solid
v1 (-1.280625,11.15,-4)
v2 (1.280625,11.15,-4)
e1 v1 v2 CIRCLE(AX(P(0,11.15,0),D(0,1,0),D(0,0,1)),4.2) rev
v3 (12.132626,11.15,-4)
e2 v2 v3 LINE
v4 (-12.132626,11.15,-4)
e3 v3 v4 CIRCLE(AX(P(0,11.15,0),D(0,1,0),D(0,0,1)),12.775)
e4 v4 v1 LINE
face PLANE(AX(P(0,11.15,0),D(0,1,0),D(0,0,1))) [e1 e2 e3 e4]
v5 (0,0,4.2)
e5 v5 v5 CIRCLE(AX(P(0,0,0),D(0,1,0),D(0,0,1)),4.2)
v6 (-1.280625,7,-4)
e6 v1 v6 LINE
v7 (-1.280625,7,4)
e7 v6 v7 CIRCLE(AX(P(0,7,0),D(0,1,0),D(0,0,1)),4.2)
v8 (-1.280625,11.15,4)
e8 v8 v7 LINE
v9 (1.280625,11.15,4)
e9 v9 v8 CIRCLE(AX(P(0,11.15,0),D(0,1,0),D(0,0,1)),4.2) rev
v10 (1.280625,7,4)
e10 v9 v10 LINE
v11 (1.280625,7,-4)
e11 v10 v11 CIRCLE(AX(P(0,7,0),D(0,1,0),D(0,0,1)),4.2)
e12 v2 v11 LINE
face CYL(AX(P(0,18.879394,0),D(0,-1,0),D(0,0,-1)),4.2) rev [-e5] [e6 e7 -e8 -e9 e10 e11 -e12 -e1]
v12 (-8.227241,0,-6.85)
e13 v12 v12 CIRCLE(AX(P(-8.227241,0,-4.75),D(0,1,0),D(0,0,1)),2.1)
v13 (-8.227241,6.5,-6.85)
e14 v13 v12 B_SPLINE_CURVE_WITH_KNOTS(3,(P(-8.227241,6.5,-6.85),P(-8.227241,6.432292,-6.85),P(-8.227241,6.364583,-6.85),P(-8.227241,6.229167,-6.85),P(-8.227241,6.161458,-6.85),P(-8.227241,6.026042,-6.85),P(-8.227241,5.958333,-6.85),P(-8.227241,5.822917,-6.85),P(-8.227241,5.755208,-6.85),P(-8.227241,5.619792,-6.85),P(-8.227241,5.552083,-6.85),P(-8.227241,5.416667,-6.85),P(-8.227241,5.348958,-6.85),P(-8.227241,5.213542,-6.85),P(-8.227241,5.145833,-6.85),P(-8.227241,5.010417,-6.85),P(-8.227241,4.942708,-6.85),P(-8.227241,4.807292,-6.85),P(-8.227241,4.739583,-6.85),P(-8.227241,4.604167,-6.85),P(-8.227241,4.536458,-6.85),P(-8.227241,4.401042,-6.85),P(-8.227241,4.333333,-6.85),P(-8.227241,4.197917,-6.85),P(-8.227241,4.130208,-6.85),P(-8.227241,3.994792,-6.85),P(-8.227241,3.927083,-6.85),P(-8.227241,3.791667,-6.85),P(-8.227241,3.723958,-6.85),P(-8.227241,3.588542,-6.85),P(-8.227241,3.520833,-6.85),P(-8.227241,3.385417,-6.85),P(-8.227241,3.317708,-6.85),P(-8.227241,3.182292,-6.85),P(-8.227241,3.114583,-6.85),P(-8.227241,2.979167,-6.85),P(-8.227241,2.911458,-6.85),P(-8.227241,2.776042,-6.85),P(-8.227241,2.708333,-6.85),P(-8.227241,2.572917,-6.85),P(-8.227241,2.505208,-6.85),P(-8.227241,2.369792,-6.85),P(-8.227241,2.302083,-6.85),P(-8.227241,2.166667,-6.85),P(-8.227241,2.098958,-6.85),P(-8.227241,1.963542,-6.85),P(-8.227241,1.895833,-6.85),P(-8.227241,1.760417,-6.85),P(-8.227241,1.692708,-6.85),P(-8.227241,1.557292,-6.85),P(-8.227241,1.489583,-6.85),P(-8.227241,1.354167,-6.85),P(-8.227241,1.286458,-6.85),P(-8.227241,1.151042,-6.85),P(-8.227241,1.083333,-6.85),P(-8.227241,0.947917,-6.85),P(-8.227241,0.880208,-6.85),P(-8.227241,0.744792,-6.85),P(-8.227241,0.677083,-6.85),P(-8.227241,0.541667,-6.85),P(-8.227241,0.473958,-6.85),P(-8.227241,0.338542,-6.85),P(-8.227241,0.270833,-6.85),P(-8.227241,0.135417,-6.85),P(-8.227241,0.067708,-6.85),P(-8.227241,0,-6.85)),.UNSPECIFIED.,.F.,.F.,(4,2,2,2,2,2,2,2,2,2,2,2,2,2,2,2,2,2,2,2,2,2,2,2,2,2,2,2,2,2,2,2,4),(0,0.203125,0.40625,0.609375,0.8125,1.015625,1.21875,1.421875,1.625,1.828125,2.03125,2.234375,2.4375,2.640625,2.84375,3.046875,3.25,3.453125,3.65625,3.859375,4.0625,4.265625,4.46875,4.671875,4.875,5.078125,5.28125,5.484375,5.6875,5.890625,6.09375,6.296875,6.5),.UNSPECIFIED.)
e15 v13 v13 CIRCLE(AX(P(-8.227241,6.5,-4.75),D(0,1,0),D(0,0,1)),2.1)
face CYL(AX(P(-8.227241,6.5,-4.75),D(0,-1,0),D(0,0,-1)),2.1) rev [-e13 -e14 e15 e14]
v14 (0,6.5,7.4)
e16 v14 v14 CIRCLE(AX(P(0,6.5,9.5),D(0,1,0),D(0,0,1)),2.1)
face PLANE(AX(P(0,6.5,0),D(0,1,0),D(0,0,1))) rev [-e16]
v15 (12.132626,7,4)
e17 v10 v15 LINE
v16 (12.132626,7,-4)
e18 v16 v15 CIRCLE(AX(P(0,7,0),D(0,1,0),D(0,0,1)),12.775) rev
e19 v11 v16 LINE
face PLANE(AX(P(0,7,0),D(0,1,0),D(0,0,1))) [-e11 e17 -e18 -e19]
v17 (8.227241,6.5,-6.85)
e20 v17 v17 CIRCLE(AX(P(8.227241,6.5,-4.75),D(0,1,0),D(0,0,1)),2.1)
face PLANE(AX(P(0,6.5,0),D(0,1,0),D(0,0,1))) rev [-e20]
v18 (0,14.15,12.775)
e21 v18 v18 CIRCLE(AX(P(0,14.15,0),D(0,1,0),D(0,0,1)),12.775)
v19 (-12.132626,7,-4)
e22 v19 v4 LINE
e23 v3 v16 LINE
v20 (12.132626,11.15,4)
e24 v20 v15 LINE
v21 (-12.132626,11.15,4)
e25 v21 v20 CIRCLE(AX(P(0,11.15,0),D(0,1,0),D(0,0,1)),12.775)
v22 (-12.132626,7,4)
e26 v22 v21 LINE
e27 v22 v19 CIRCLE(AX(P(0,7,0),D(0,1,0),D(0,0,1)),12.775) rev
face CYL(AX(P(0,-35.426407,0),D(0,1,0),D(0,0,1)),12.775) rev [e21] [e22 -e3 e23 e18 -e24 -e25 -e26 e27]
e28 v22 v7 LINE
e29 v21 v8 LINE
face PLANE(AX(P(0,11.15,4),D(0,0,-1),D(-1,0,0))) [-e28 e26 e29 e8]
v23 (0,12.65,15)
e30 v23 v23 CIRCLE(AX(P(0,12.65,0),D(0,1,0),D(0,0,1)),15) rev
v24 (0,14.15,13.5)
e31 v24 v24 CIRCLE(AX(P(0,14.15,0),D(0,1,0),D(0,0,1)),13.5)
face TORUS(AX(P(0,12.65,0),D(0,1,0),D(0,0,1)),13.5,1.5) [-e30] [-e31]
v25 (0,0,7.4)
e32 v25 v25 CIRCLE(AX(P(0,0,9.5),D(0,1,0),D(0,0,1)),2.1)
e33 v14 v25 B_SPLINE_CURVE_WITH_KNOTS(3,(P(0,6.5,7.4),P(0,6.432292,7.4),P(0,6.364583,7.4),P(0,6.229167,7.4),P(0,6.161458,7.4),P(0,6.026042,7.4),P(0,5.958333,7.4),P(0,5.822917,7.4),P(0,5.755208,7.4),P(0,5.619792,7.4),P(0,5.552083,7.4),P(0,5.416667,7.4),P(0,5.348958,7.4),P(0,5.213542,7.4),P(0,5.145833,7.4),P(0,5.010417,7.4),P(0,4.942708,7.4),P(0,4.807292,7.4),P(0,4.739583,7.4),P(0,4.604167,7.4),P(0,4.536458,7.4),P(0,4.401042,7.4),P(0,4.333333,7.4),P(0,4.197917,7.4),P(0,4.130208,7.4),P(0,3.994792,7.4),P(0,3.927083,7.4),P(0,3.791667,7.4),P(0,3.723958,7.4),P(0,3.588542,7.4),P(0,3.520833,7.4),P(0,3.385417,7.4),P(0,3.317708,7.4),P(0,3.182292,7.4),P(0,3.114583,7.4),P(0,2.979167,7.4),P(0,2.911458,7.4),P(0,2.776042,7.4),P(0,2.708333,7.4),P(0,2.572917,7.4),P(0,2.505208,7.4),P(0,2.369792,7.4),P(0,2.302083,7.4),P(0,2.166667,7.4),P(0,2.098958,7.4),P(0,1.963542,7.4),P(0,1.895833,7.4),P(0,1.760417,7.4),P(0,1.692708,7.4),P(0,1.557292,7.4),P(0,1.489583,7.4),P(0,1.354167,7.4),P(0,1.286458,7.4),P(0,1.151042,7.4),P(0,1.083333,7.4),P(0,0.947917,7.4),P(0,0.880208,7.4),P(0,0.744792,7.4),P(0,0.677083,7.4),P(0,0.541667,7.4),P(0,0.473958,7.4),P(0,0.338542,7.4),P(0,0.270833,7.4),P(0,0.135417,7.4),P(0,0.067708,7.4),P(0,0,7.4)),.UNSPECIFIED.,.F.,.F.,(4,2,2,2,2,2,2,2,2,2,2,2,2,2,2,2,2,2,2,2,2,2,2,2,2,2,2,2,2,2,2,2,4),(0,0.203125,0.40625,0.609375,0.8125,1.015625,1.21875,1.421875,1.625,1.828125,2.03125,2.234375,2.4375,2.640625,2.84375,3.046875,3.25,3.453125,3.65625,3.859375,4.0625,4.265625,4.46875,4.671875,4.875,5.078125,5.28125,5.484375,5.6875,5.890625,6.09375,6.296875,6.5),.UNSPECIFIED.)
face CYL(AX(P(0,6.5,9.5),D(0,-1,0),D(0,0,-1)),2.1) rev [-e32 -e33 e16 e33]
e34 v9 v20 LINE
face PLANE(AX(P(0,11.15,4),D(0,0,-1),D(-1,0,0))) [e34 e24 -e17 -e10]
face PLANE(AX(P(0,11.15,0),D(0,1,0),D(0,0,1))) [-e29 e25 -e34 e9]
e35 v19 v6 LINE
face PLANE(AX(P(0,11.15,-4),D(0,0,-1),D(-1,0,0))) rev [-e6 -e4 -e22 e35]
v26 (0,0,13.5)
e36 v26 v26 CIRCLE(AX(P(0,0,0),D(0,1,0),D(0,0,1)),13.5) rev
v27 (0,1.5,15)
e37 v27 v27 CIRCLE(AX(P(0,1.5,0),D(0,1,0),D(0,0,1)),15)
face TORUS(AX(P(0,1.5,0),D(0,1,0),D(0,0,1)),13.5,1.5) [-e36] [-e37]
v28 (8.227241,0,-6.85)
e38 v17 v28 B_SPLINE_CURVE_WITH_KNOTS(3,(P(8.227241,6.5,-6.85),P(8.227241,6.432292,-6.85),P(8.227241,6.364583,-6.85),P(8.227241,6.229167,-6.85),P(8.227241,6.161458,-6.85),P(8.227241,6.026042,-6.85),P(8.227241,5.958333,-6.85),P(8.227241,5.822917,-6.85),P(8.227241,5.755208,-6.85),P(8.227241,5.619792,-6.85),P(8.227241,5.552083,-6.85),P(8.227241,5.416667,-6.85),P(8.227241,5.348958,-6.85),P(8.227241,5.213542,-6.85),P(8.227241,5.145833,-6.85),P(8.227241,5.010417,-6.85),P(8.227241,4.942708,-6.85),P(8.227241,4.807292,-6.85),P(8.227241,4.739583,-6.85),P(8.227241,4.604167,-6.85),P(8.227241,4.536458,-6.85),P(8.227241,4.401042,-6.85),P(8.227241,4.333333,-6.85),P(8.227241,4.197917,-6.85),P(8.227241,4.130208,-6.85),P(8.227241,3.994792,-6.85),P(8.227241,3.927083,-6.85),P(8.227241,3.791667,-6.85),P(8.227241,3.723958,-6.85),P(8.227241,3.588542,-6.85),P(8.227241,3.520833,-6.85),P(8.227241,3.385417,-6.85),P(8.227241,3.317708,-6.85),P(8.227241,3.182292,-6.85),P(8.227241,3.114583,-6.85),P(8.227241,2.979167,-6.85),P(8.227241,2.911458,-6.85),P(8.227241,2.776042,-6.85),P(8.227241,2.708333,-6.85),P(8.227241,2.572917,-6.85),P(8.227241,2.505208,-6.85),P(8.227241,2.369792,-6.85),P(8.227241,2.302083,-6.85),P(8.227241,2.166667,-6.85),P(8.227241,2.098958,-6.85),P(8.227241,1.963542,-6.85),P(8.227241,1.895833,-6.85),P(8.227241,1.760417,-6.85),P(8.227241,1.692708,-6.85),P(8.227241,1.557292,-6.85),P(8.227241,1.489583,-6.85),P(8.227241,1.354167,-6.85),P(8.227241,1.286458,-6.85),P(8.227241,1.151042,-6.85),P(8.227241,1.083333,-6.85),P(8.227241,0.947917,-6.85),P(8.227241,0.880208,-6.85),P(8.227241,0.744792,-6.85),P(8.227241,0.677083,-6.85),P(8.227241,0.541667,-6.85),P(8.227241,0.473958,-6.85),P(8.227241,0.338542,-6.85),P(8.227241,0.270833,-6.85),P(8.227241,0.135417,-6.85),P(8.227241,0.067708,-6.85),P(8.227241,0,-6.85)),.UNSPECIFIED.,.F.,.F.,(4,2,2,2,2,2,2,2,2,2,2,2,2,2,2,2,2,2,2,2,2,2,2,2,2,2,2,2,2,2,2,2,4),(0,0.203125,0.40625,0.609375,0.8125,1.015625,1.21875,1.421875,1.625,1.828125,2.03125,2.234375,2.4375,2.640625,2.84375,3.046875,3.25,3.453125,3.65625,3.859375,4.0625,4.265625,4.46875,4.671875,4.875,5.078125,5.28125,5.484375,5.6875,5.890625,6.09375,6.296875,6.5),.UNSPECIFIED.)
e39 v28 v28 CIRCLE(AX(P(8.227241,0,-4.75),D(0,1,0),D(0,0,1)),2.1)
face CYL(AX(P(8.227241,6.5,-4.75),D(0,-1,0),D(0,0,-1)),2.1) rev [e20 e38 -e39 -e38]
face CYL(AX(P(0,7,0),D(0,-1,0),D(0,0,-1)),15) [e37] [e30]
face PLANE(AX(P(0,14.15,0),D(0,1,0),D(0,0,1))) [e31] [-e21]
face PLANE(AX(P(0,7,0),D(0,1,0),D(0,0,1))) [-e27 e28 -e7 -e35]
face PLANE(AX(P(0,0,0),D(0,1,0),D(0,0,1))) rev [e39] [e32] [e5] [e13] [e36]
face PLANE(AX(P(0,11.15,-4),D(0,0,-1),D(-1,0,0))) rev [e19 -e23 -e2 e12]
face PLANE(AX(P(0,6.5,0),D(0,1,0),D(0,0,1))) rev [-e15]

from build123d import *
from build123d.topology import SkipClean

# Parameters (mm, degrees)
SKETCH1_R                       = 15
BOSS_EXTRUDE1_DEPTH             = 7
SKETCH2_R                       = 4.2
CUT_EXTRUDE1_DEPTH              = 7
BOSS_EXTRUDE2_DEPTH             = 4.15
SKETCH1_5_R                     = 2.1
CUT_EXTRUDE2_DEPTH              = 6.5
SKETCH6_R                       = 15
SKETCH6_R_2                     = 12.775
BOSS_EXTRUDE3_DEPTH             = 3
BOSS_EXTRUDE3_DIRECTION_2_REACH = 25.965
FILLET1_R                       = 1.5


with BuildPart() as part:
    # Sketch1 → Boss-Extrude1 (new body)
    with BuildSketch(Plane(origin=(0, 0, 0), x_dir=(1, 0, 0), z_dir=(0, 1, 0))):
        with Locations(Location((0, 0, 0), (0, 0, 270))):
            Circle(SKETCH1_R)
    extrude(amount=BOSS_EXTRUDE1_DEPTH)

    # Sketch2 → Cut-Extrude1 (cut)
    with BuildSketch(Plane(origin=(0, 0, 0), x_dir=(1, 0, 0), z_dir=(0, 1, 0))):
        with Locations(Location((0, 0, 0), (0, 0, 270))):
            Circle(SKETCH2_R)
    extrude(amount=CUT_EXTRUDE1_DEPTH, mode=Mode.SUBTRACT)

    # Sketch5 → Boss-Extrude2 (add)
    with SkipClean():  # the faces are left unmerged after this step: merging them gives an invalid solid
        with BuildSketch(Plane(origin=(0, 7, 0), x_dir=(1, 0, 0), z_dir=(0, 1, 0))):
            with BuildLine():
                ThreePointArc((14.456832, 4), (0, 15), (-14.456832, 4))
                Line((-14.456832, 4), (-1.280625, 4))
                ThreePointArc((-1.280625, 4), (0, 4.2), (1.280625, 4))
                Line((1.280625, 4), (14.456832, 4))
            make_face()
            with BuildLine():
                Line((-1.280625, -4), (-14.456832, -4))
                ThreePointArc((-14.456832, -4), (0, -15), (14.456832, -4))
                Line((14.456832, -4), (1.280625, -4))
                ThreePointArc((1.280625, -4), (0, -4.2), (-1.280625, -4))
            make_face()
        extrude(amount=BOSS_EXTRUDE2_DEPTH)

    # Sketch1<5> → Cut-Extrude2 (cut)
    with SkipClean():  # the faces are left unmerged after this step: merging them gives an invalid solid
        with BuildSketch(Plane(origin=(0, 0, 0), x_dir=(1, 0, 0), z_dir=(0, 1, 0))):
            with Locations(Location((0, -9.5, 0), (0, 0, 90))):
                Circle(SKETCH1_5_R)
            with Locations(Location((-8.227241, 4.75, 0), (0, 0, 90))):
                Circle(SKETCH1_5_R)
            with Locations(Location((8.227241, 4.75, 0), (0, 0, 90))):
                Circle(SKETCH1_5_R)
        extrude(amount=CUT_EXTRUDE2_DEPTH, mode=Mode.SUBTRACT)

    # Sketch6 → Boss-Extrude3 (add)
    with SkipClean():  # the faces are left unmerged after this step: merging them gives an invalid solid
        with BuildSketch(Plane(origin=(0, 11.15, 0), x_dir=(1, 0, 0), z_dir=(0, 1, 0))):
            with Locations(Location((0, 0, 0), (0, 0, 270))):
                Circle(SKETCH6_R)
            with Locations(Location((0, 0, 0), (0, 0, 270))):
                Circle(SKETCH6_R_2, mode=Mode.SUBTRACT)
        extrude(amount=BOSS_EXTRUDE3_DEPTH)

    # Boss-Extrude3 direction 2: up to this face of the body (flat: up to its plane)
    boss_extrude3_direction_2_end = Plane(part.part.faces().sort_by_distance((-9.095084, 7, 0))[0])
    # Sketch6 → Boss-Extrude3 direction 2 (add, up to the picked face)
    with BuildSketch(Plane(origin=(0, 11.15, 0), x_dir=(1, 0, 0), z_dir=(0, 1, 0)), mode=Mode.PRIVATE) as boss_extrude3_direction_2_sk1:
        with Locations(Location((0, 0, 0), (0, 0, 270))):
            Circle(SKETCH6_R)
        with Locations(Location((0, 0, 0), (0, 0, 270))):
            Circle(SKETCH6_R_2, mode=Mode.SUBTRACT)
    boss_extrude3_direction_2_tool1 = split(extrude(boss_extrude3_direction_2_sk1.sketch, amount=-BOSS_EXTRUDE3_DIRECTION_2_REACH, mode=Mode.PRIVATE), bisect_by=boss_extrude3_direction_2_end, keep=Keep.BOTH, mode=Mode.PRIVATE)
    add(boss_extrude3_direction_2_tool1.solids().sort_by(Axis((0, 11.15, -14.575736), (0, -1, 0)))[0])

    # Fillet1
    fillet1_edges = [part.edges().sort_by_distance(p)[0] for p in [
        (0, 0, -15),
        (0, 14.15, -15),
    ]]
    fillet(fillet1_edges, radius=FILLET1_R)


solid = part.part
